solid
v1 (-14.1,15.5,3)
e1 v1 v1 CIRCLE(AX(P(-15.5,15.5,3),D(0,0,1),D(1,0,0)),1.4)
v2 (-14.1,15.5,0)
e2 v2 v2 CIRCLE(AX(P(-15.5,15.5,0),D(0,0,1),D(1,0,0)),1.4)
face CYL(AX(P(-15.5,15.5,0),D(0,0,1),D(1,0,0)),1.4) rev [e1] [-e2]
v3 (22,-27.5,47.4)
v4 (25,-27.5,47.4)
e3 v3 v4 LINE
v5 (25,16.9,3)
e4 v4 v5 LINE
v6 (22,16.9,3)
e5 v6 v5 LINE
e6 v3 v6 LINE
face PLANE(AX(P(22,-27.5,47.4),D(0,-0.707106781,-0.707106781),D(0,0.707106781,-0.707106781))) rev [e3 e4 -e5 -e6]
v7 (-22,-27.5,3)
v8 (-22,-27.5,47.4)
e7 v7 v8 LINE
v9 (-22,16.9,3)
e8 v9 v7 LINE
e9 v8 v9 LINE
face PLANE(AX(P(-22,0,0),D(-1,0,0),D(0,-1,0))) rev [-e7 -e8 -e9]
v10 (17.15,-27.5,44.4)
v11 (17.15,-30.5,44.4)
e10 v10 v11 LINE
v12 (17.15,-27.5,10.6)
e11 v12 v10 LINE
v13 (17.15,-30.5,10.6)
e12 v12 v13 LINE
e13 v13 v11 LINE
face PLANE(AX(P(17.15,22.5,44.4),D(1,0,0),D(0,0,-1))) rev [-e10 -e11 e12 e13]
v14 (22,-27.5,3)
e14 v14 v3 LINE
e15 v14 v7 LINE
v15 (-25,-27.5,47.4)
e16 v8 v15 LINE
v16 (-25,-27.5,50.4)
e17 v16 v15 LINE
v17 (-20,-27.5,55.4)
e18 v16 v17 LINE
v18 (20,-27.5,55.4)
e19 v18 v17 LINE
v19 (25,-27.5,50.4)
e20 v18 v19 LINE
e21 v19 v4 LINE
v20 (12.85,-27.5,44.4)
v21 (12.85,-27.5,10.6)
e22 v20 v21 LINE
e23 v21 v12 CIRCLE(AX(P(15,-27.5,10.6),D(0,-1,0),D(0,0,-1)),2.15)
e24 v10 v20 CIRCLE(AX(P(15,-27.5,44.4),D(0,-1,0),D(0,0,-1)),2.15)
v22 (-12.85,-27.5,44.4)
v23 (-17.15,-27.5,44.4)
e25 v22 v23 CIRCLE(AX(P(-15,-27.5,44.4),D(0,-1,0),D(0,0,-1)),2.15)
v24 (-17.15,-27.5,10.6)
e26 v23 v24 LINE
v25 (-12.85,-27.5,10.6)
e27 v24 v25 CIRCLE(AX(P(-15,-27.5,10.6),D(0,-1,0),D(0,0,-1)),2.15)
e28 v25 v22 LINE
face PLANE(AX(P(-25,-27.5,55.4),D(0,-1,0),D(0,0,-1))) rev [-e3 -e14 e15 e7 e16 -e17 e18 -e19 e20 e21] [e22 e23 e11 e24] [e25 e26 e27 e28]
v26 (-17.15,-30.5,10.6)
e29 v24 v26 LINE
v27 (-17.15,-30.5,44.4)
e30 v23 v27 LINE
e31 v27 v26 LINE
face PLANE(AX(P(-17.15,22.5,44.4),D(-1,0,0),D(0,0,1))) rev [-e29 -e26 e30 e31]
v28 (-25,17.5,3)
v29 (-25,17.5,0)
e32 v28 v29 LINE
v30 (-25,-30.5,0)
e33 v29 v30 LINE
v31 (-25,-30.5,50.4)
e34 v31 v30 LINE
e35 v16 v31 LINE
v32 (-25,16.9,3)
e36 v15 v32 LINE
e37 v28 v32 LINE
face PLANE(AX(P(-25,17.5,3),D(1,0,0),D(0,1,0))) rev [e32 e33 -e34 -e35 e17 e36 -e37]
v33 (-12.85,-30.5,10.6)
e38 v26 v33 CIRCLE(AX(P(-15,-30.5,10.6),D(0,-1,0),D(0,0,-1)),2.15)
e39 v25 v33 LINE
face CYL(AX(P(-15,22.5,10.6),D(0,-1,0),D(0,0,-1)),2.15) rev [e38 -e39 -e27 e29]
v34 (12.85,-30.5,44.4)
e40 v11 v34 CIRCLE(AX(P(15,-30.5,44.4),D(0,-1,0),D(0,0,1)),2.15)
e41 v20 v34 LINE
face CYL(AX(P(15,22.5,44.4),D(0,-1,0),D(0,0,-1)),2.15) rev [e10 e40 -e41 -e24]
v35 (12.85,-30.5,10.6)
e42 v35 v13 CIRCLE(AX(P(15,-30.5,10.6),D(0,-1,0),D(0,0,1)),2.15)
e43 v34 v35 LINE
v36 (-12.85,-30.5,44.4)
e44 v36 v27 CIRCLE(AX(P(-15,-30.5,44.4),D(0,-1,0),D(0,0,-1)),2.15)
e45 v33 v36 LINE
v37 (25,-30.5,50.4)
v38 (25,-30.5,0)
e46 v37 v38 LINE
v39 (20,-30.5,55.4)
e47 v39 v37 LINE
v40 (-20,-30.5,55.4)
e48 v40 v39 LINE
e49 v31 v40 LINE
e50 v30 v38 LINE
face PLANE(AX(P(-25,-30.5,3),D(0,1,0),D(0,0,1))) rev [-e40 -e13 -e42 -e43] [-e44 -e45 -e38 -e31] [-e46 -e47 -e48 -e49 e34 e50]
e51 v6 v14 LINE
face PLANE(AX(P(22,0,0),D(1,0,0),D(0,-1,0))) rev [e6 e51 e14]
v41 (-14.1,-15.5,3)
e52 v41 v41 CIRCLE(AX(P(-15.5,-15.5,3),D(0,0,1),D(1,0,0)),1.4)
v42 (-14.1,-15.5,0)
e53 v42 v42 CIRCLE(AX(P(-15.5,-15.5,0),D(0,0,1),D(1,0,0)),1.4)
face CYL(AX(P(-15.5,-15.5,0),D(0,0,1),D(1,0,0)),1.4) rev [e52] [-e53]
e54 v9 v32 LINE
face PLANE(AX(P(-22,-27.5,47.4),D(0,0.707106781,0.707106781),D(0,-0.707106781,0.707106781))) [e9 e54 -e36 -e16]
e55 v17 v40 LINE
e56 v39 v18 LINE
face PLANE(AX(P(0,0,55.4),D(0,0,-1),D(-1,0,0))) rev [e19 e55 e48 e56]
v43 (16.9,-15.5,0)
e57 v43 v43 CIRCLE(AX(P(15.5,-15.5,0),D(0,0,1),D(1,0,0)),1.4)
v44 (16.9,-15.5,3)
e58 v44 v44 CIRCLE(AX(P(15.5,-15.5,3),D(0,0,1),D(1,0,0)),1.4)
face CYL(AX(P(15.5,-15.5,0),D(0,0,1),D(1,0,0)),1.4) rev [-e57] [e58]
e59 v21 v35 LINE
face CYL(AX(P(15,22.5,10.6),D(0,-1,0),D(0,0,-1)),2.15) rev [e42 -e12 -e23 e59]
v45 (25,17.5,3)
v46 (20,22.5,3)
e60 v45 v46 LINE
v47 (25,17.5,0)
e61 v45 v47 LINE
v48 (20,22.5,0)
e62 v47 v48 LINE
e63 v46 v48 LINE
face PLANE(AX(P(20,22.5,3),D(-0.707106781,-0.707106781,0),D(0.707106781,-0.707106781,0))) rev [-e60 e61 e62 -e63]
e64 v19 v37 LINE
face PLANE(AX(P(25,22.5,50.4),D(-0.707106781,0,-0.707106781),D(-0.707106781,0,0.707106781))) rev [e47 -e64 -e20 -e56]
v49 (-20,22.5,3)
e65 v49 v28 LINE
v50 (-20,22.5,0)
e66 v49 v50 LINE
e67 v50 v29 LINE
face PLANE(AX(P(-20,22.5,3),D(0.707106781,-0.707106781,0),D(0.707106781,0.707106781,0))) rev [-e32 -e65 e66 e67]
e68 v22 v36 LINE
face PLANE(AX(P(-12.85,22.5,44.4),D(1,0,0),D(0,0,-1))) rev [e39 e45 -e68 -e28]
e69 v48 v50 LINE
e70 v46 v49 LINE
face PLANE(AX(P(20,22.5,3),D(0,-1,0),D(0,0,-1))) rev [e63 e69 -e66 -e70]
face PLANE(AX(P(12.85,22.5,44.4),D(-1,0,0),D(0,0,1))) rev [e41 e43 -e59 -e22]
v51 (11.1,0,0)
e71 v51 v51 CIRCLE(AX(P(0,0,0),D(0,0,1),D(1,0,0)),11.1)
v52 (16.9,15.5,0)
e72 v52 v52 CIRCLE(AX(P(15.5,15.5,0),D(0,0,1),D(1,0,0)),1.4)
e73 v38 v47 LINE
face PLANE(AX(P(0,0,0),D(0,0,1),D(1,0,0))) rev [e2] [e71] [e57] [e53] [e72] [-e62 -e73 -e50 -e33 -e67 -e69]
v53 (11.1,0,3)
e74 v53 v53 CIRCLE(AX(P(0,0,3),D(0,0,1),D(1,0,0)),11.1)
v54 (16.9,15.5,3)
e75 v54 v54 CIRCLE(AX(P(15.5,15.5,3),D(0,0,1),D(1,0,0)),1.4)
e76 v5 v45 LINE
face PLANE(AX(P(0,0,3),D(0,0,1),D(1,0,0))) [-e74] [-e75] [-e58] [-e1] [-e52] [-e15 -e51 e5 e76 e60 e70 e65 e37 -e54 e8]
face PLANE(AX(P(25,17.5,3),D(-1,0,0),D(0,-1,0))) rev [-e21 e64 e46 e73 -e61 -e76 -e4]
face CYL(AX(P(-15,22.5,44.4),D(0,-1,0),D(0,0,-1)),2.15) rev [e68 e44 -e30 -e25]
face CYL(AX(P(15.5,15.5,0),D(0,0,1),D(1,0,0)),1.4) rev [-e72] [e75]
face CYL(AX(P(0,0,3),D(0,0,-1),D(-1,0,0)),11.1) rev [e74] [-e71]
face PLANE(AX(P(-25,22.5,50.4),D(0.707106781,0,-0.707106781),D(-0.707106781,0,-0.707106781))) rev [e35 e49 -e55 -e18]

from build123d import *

# Parameters (mm, degrees)
CROQUIS1_R              = 11.1
SALIENTE_EXTRUIR2_DEPTH = 3
CROQUIS2_R              = 1.4
CORTAR_EXTRUIR1_DEPTH   = 40.550600501
CROQUIS3_W              = 50
CROQUIS3_H              = 3
SALIENTE_EXTRUIR3_DEPTH = 52.4
CORTAR_EXTRUIR2_DEPTH   = 81.64217259
SALIENTE_EXTRUIR4_DEPTH = 3


with BuildPart() as part:
    # Croquis1 → Saliente-Extruir2 (new body)
    with BuildSketch(Plane.XY):
        Polygon((20, 22.5), (-20, 22.5), (-25, 17.5), (-25, -30.5), (25, -30.5), (25, 17.5), align=None)
        Circle(CROQUIS1_R, mode=Mode.SUBTRACT)
    extrude(amount=SALIENTE_EXTRUIR2_DEPTH)

    # Croquis2 → Cortar-Extruir1 (cut, through all)
    with BuildSketch(Plane.XY.offset(3)):
        with Locations((-15.5, 15.5)):
            Circle(CROQUIS2_R)
        with Locations((15.5, 15.5)):
            Circle(CROQUIS2_R)
        with Locations((15.5, -15.5)):
            Circle(CROQUIS2_R)
        with Locations((-15.5, -15.5)):
            Circle(CROQUIS2_R)
    extrude(amount=-CORTAR_EXTRUIR1_DEPTH, mode=Mode.SUBTRACT)

    # Croquis3 → Saliente-Extruir3 (add)
    with BuildSketch(Plane.XY.offset(3)):
        with Locations((0, -29)):
            Rectangle(CROQUIS3_W, CROQUIS3_H)
    extrude(amount=SALIENTE_EXTRUIR3_DEPTH)

    # Croquis4 → Cortar-Extruir2 (cut, through all)
    with BuildSketch(Plane.XZ.offset(30.5)):
        Polygon((-25, 50.4), (-20, 55.4), (-25, 55.4), align=None)
        with BuildLine():
            Line((-17.15, 44.4), (-17.15, 10.6))
            ThreePointArc((-17.15, 10.6), (-15, 8.45), (-12.85, 10.6))
            Line((-12.85, 10.6), (-12.85, 44.4))
            ThreePointArc((-12.85, 44.4), (-15, 46.55), (-17.15, 44.4))
        make_face()
        with BuildLine():
            Line((12.85, 44.4), (12.85, 10.6))
            ThreePointArc((12.85, 10.6), (15, 8.45), (17.15, 10.6))
            Line((17.15, 10.6), (17.15, 44.4))
            ThreePointArc((17.15, 44.4), (15, 46.55), (12.85, 44.4))
        make_face()
        Polygon((25, 55.4), (25, 50.4), (20, 55.4), align=None)
    extrude(amount=-CORTAR_EXTRUIR2_DEPTH, mode=Mode.SUBTRACT)

    # Croquis5 → Saliente-Extruir4 (add)
    with BuildSketch(Plane.ZY.offset(25)):
        Polygon((3, 16.9), (3, -27.5), (47.4, -27.5), align=None)
    saliente_extruir4 = extrude(amount=-SALIENTE_EXTRUIR4_DEPTH)

    # Simetría1: Saliente-Extruir4 across plane
    add(saliente_extruir4.mirror(Plane(origin=(0, 0, 0), x_dir=(0, 0, 1), z_dir=(1, 0, 0))))


solid = part.part
